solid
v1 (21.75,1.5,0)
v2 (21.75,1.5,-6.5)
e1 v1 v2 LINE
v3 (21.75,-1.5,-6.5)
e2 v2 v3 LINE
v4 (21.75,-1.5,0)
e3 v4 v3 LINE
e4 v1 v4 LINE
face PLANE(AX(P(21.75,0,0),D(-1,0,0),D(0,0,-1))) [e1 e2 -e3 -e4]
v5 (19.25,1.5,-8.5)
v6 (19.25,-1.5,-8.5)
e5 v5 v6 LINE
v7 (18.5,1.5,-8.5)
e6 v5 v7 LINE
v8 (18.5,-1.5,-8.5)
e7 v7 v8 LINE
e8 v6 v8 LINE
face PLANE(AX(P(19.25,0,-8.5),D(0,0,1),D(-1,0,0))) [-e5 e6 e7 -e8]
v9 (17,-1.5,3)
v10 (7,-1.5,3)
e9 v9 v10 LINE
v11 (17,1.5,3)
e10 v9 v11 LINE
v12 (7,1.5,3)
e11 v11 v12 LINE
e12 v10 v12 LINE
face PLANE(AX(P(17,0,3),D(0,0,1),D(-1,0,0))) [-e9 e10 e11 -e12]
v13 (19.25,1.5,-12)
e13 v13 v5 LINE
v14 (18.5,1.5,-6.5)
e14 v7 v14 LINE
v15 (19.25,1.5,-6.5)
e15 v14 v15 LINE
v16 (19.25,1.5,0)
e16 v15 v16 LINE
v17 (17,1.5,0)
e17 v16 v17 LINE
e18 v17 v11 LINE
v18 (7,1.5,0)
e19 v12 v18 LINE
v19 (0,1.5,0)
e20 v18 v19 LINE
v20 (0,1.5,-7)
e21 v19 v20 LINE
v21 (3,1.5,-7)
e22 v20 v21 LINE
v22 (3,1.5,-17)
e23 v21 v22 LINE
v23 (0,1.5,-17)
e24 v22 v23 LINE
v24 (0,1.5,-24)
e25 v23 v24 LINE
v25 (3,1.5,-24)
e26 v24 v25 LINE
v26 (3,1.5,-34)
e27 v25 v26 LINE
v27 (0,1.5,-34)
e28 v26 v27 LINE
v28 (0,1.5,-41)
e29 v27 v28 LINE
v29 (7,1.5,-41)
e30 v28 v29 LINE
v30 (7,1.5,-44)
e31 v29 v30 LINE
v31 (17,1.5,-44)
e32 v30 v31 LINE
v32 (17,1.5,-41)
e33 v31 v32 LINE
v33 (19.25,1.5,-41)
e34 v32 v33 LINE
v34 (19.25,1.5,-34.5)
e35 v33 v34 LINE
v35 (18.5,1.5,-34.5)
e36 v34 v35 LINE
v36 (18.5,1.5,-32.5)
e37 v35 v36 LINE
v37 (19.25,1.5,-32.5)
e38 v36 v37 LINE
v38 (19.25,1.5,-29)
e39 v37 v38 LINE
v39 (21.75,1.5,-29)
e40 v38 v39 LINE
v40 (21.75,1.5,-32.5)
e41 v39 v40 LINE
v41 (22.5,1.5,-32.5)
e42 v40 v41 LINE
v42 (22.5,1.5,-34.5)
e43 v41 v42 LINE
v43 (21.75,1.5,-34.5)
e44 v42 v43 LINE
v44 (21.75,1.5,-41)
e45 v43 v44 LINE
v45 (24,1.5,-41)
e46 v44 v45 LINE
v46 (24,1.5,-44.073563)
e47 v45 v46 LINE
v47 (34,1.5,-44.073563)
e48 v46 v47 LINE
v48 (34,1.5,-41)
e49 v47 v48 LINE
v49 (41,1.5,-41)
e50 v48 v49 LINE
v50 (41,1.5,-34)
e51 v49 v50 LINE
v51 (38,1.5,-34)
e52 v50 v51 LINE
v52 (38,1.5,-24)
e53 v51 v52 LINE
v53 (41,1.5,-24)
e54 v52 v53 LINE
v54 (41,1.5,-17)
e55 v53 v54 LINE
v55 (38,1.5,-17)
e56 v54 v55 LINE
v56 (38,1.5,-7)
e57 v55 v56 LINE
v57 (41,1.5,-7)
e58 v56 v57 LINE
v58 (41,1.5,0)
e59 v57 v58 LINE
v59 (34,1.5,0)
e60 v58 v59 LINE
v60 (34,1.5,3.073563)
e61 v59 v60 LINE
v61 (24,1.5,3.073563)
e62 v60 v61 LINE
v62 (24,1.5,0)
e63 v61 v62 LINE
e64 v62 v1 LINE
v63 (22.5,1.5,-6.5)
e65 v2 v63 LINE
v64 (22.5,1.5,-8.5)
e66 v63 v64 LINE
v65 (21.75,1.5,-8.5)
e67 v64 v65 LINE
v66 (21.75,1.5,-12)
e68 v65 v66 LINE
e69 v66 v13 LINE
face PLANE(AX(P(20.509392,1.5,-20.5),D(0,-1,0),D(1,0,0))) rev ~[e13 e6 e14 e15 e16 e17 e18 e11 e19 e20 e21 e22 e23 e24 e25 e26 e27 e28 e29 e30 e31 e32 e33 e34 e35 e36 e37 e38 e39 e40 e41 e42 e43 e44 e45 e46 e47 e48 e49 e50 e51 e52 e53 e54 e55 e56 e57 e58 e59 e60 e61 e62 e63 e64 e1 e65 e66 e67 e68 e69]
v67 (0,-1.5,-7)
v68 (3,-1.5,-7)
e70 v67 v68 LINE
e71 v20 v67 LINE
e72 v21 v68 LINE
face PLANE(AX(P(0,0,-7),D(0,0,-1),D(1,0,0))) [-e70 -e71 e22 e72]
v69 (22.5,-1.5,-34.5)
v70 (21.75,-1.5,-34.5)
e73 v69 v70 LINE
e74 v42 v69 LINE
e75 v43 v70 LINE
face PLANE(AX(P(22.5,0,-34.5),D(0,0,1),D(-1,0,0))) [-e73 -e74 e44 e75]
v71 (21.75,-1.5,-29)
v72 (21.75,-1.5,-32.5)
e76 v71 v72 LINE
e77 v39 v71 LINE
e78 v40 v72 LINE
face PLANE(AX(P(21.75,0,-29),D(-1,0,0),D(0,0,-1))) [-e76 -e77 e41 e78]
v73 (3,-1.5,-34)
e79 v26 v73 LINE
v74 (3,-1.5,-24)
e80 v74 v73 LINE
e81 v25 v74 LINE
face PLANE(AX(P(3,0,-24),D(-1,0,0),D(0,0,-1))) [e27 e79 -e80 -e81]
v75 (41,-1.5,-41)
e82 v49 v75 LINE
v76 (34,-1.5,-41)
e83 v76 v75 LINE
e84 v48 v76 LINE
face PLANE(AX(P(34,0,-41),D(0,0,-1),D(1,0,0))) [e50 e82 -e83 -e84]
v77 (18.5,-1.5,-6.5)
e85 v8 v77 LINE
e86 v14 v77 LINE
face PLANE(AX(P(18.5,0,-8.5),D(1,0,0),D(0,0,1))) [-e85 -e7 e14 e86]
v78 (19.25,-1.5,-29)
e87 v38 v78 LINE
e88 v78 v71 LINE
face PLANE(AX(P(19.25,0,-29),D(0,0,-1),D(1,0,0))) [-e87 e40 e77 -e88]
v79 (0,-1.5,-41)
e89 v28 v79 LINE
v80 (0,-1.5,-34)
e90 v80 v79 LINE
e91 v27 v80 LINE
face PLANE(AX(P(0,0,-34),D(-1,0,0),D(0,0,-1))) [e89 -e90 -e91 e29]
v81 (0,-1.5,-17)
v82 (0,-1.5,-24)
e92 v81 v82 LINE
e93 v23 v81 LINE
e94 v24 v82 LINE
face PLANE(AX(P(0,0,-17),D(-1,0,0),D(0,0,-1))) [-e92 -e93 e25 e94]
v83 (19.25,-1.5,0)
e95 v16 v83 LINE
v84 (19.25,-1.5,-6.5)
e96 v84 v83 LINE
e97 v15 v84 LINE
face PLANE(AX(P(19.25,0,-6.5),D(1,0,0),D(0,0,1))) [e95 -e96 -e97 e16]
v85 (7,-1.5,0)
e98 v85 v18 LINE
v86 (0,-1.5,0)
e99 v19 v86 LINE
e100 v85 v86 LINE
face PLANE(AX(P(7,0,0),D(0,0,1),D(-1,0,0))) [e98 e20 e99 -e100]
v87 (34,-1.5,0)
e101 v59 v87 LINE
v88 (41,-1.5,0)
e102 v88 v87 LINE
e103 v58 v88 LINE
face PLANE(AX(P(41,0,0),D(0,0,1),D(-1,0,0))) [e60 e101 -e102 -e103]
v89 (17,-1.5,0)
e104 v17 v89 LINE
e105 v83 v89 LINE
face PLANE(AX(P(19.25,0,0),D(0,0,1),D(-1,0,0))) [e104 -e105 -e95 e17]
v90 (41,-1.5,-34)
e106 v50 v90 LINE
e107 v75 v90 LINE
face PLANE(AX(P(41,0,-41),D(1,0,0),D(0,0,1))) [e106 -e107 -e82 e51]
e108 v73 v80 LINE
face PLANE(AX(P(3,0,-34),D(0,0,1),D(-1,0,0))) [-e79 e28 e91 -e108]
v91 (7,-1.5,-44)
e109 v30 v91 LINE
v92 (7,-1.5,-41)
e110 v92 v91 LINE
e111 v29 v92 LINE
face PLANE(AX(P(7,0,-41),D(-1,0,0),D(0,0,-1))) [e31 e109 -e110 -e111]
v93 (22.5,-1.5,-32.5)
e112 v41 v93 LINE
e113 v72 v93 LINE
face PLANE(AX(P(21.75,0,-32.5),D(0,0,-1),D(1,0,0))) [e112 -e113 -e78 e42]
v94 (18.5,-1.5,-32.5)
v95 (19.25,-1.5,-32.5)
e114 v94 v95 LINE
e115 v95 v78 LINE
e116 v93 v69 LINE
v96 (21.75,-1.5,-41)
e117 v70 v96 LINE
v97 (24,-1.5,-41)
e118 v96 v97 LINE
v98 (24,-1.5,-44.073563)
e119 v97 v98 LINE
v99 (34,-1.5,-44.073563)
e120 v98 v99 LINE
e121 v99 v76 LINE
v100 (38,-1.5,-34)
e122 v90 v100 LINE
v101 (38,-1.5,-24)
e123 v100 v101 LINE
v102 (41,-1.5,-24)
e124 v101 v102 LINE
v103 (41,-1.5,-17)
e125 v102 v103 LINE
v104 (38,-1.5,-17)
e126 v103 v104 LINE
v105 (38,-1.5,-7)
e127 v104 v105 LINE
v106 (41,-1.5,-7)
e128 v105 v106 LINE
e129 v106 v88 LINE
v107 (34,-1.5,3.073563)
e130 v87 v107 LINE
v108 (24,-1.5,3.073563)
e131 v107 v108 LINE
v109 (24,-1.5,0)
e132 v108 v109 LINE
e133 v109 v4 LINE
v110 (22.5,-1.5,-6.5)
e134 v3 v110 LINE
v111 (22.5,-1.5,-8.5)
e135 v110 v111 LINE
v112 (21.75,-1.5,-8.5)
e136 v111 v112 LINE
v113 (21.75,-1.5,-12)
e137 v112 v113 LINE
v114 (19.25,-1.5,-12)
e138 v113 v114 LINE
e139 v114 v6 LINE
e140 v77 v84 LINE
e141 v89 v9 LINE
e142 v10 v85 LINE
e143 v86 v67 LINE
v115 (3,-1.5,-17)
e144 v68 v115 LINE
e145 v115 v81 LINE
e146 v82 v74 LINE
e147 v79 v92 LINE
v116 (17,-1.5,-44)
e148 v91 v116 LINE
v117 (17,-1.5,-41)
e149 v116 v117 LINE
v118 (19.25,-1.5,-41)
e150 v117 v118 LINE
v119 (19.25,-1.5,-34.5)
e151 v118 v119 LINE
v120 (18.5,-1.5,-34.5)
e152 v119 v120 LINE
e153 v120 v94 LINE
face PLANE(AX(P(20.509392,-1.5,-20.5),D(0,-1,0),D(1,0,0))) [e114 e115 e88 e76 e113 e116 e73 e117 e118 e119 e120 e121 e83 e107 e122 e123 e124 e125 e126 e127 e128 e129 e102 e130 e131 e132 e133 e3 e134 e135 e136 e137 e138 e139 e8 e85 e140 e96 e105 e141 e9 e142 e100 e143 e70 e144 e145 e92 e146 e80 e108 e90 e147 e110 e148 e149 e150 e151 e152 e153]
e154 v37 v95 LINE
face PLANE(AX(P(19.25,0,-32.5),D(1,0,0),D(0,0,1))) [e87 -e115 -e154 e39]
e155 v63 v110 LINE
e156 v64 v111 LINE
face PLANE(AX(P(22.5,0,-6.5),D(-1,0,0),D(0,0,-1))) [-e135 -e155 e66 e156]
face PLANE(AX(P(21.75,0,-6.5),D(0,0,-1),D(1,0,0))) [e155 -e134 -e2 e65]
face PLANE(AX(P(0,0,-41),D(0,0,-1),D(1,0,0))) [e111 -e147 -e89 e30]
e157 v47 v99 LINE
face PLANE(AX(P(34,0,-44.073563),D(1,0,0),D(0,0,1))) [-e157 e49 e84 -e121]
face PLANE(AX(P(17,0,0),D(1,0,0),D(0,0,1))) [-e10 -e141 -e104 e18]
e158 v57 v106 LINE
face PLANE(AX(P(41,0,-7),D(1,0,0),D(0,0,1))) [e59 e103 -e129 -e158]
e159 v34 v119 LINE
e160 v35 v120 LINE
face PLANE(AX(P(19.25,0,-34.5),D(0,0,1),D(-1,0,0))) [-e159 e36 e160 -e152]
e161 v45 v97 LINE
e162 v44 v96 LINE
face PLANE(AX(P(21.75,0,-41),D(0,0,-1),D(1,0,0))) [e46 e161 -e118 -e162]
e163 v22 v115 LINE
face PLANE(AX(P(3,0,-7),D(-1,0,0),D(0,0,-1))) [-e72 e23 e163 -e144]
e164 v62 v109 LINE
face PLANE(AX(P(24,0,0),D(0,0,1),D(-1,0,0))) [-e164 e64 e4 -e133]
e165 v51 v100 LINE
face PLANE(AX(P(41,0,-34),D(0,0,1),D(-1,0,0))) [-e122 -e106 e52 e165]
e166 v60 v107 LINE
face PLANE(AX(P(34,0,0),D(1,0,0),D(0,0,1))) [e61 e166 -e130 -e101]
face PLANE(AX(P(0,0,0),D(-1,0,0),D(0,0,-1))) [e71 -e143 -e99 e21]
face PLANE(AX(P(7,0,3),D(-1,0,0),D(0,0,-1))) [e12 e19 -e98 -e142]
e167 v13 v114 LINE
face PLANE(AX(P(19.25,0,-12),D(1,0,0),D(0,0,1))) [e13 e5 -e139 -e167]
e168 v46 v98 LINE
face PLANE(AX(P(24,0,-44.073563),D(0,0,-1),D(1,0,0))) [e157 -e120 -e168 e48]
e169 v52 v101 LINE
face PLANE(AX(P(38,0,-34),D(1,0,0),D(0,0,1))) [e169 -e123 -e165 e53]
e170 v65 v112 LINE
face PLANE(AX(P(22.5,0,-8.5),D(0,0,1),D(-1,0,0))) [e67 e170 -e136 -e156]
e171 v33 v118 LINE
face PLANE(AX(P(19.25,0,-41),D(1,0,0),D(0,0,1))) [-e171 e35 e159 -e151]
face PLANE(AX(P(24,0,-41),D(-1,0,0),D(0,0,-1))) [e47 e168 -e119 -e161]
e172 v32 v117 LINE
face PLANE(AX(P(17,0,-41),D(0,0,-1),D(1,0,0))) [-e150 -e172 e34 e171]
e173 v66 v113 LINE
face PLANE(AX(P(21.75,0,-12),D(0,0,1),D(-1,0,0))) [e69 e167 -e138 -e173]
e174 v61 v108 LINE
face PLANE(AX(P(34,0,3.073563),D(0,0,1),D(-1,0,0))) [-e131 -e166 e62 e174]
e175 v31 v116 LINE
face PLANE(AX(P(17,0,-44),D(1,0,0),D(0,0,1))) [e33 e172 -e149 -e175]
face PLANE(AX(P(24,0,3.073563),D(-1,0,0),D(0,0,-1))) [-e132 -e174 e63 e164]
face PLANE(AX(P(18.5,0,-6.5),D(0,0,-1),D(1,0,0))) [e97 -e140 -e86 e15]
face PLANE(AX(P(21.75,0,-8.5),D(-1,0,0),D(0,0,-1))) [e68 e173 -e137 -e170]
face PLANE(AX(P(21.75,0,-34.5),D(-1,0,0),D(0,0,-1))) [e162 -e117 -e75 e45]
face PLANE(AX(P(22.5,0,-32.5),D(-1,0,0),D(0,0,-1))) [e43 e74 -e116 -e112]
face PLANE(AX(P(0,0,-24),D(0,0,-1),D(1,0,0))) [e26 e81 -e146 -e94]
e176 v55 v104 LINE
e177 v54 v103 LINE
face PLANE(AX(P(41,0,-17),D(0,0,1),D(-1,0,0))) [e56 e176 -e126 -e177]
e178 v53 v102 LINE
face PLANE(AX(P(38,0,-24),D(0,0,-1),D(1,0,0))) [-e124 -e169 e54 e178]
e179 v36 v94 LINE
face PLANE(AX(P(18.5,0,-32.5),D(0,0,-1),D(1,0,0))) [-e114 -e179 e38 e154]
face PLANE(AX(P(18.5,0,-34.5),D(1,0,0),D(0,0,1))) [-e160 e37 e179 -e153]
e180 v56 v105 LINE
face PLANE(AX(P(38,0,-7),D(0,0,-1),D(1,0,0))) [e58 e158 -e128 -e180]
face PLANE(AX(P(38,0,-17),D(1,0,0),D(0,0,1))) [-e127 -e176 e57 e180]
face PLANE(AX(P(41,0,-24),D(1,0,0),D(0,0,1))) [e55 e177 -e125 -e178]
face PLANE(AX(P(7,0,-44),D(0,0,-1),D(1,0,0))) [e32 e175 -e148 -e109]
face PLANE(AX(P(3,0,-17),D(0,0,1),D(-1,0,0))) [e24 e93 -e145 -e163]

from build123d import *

# Parameters (mm, degrees)
F1_DEPTH = 1.5


with BuildPart() as f1:
    # F0 (on Front) → F1 (new body, symmetric)
    with BuildSketch(Plane.XZ):
        Polygon((7, 0), (0, 0), (0, -7), (3, -7), (3, -17), (0, -17), (0, -24), (3, -24), (3, -34), (0, -34), (0, -41), (7, -41), (7, -44), (17, -44), (17, -41), (19.25, -41), (19.25, -34.5), (18.5, -34.5), (18.5, -32.5), (19.25, -32.5), (19.25, -29), (21.75, -29), (21.75, -32.5), (22.5, -32.5), (22.5, -34.5), (21.75, -34.5), (21.75, -41), (24, -41), (24, -44.073563), (34, -44.073563), (34, -41), (41, -41), (41, -34), (38, -34), (38, -24), (41, -24), (41, -17), (38, -17), (38, -7), (41, -7), (41, 0), (34, 0), (34, 3.073563), (24, 3.073563), (24, 0), (21.75, 0), (21.75, -6.5), (22.5, -6.5), (22.5, -8.5), (21.75, -8.5), (21.75, -12), (19.25, -12), (19.25, -8.5), (18.5, -8.5), (18.5, -6.5), (19.25, -6.5), (19.25, 0), (17, 0), (17, 3), (7, 3), align=None)
    extrude(amount=F1_DEPTH, both=True)


solid = f1.part
